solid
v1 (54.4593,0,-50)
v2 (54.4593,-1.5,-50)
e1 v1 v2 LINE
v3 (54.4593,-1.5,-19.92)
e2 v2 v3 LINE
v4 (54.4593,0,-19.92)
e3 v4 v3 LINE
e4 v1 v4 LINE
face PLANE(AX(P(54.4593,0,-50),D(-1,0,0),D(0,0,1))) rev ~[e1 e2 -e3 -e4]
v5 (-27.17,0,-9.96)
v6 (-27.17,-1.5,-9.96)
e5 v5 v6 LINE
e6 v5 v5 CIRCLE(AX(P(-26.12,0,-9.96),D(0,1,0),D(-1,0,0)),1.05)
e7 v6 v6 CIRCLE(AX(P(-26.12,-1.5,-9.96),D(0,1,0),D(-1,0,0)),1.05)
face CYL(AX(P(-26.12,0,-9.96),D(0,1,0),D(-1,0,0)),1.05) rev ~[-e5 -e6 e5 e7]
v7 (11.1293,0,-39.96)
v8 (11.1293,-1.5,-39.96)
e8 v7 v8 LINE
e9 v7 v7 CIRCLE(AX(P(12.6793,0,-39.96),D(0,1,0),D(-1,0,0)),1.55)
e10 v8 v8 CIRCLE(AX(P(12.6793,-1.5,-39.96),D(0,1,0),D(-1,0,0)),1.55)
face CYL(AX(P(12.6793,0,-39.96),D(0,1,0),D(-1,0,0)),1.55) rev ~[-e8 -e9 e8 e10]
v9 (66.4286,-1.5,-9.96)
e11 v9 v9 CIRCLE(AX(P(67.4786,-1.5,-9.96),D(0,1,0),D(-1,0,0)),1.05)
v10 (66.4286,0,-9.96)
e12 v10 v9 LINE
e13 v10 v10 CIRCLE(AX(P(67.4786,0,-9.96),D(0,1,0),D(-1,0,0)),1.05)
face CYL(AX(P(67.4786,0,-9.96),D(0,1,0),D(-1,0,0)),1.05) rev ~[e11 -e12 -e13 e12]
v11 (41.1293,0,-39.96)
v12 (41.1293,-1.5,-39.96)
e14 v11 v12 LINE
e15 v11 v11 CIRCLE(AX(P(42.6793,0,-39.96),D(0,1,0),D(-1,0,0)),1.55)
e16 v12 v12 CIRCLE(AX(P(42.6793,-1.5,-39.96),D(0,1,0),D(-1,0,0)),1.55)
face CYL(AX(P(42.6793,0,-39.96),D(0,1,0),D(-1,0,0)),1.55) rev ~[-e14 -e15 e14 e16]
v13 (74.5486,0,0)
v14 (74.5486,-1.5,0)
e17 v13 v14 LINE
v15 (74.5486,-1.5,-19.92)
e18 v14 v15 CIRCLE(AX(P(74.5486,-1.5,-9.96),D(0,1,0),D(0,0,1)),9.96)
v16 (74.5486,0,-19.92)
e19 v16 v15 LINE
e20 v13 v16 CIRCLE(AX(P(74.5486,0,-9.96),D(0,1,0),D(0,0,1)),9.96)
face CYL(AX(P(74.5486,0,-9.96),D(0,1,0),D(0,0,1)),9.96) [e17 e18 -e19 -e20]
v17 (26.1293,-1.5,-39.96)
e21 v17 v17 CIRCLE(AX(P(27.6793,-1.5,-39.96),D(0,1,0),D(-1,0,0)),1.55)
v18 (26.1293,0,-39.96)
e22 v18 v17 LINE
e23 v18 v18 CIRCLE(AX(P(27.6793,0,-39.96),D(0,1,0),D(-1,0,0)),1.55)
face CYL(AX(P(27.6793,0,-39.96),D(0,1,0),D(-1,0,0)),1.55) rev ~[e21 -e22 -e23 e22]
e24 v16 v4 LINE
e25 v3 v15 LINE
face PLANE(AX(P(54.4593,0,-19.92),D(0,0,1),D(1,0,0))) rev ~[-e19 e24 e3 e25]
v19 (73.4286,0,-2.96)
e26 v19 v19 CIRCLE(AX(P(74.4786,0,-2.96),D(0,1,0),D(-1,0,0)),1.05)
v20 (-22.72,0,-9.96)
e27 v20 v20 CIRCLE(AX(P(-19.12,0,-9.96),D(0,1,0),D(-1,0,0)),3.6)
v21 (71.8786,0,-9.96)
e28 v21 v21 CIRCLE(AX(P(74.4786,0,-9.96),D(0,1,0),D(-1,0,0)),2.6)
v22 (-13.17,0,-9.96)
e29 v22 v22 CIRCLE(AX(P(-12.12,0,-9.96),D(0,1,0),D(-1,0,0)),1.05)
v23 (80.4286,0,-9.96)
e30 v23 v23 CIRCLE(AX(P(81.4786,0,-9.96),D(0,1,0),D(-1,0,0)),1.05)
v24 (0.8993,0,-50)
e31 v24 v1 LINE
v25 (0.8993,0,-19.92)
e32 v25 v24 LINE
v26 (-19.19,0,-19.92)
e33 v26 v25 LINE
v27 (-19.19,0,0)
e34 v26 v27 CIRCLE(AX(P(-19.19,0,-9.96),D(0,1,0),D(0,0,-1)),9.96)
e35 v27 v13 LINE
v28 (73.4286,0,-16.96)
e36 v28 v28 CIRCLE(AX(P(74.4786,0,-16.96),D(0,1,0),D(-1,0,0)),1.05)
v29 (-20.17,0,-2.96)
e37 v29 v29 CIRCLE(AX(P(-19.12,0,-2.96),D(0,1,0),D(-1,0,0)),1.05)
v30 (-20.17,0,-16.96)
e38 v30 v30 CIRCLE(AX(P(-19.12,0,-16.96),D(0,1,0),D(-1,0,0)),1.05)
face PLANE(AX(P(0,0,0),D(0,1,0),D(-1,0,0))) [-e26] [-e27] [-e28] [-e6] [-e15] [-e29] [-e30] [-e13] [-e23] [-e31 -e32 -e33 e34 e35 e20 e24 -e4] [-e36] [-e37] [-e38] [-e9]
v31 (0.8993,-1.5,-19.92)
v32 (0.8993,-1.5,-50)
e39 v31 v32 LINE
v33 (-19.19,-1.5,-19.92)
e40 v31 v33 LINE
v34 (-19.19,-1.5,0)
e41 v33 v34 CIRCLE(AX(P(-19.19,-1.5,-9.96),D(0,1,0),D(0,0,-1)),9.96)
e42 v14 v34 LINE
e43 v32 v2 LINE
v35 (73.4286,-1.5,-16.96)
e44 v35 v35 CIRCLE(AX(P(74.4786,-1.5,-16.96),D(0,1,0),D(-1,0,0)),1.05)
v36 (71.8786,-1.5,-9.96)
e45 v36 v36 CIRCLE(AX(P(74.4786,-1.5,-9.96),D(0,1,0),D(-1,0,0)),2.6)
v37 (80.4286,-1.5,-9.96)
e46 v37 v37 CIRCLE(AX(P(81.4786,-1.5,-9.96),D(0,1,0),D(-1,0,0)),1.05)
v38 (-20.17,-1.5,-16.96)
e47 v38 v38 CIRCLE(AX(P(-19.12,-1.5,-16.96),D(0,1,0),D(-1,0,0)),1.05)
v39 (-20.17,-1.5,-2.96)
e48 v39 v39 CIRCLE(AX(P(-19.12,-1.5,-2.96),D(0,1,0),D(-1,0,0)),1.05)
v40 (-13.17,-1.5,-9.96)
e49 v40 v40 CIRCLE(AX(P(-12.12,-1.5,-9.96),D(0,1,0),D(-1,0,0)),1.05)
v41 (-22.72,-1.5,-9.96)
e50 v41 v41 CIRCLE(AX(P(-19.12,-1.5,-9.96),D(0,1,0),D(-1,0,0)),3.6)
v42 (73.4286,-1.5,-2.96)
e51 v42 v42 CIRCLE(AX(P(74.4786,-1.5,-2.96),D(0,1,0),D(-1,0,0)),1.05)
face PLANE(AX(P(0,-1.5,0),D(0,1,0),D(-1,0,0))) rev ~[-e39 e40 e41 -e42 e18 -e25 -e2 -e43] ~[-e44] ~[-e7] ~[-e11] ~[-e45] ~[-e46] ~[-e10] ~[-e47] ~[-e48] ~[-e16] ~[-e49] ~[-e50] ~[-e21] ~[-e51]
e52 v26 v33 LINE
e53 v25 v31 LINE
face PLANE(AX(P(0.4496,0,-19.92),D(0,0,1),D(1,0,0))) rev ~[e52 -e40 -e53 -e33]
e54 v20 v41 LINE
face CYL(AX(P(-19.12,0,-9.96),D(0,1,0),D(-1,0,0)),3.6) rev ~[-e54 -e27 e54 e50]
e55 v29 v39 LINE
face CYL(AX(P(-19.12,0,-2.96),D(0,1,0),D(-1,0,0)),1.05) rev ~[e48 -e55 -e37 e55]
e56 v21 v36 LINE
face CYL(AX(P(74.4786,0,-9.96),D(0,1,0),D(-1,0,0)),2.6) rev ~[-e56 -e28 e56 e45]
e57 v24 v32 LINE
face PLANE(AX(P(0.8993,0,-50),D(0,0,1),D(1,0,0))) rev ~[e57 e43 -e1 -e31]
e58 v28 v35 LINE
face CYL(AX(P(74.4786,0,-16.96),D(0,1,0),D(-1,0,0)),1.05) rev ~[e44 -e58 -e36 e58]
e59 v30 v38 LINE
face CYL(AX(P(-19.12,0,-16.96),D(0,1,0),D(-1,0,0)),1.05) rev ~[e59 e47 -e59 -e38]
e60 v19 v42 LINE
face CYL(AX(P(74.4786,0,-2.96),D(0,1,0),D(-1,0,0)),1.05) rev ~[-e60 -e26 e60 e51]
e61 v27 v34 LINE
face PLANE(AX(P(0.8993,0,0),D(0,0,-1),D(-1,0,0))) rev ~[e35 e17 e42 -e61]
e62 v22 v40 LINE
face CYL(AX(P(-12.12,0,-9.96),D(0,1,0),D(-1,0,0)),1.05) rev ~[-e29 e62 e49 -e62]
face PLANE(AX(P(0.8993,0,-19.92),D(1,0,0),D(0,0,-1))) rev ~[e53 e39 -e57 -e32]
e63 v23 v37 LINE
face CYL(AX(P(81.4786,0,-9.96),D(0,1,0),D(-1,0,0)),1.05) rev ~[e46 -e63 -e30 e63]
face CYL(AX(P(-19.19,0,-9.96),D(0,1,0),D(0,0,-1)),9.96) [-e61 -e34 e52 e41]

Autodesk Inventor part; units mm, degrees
ref_plane "YZ Plane" through (0, 0, 0) normal (1, 0, 0) x (0, 1, 0)
ref_plane "XZ Plane" through (0, 0, 0) normal (0, 1, 0) x (-1, 0, 0)
ref_plane "XY Plane" through (0, 0, 0) normal (0, 0, 1) x (1, 0, 0)
sketch "Sketch1" plane through (0, 0, 0) normal (0, 1, 0) x (-1, 0, 0)
  line L0 (-0.4496, -19.92) -> (-0.4496, 0)
  line L1 (-54.9089, 0) -> (-54.9089, -19.92)
  circle A0 centre (-74.4786, -9.96) radius 2.6
  circle A1 centre (-81.4786, -9.96) radius 1.05
  circle A2 centre (-74.4786, -16.96) radius 1.05
  circle A3 centre (-67.4786, -9.96) radius 1.05
  circle A4 centre (-74.4786, -2.96) radius 1.05
  circle A5 centre (19.12, -9.96) radius 3.6
  circle A6 centre (26.12, -9.96) radius 1.05
  circle A7 centre (19.12, -16.96) radius 1.05
  circle A8 centre (12.12, -9.96) radius 1.05
  circle A9 centre (19.12, -2.96) radius 1.05
  circle A10 centre (-42.6793, -39.96) radius 1.55
  circle A11 centre (-27.6793, -39.96) radius 1.55
  circle A12 centre (-12.6793, -39.96) radius 1.55
  arc A13 (19.19, -19.92) -> (19.19, 0) centre (19.19, -9.96) ccw
  line L2 (19.19, -19.92) -> (-0.8993, -19.92)
  arc A14 (-74.5486, 0) -> (-74.5486, -19.92) centre (-74.5486, -9.96) ccw
  line L3 (-54.4593, -19.92) -> (-74.5486, -19.92)
  line L4 (-54.4593, -50) -> (-54.4593, -19.92)
  line L5 (-0.8993, -19.92) -> (-0.8993, -50)
  line L6 (-0.8993, -50) -> (-54.4593, -50)
  line L7 (-74.5486, 0) -> (19.19, 0)
  line L8 (-55.3586, -19.92) -> (-55.3586, 0)
  line L9 (-54.4593, 0) -> (-54.4593, -19.92)
  line L10 (-0.8993, -19.92) -> (-0.8993, 0)
  line L11 (0, 0) -> (0, -19.92)
extrude "Extrusion1" add sketch "Sketch1" against normal blind 1.5
properties part number "axis_17_bottom_frame"
